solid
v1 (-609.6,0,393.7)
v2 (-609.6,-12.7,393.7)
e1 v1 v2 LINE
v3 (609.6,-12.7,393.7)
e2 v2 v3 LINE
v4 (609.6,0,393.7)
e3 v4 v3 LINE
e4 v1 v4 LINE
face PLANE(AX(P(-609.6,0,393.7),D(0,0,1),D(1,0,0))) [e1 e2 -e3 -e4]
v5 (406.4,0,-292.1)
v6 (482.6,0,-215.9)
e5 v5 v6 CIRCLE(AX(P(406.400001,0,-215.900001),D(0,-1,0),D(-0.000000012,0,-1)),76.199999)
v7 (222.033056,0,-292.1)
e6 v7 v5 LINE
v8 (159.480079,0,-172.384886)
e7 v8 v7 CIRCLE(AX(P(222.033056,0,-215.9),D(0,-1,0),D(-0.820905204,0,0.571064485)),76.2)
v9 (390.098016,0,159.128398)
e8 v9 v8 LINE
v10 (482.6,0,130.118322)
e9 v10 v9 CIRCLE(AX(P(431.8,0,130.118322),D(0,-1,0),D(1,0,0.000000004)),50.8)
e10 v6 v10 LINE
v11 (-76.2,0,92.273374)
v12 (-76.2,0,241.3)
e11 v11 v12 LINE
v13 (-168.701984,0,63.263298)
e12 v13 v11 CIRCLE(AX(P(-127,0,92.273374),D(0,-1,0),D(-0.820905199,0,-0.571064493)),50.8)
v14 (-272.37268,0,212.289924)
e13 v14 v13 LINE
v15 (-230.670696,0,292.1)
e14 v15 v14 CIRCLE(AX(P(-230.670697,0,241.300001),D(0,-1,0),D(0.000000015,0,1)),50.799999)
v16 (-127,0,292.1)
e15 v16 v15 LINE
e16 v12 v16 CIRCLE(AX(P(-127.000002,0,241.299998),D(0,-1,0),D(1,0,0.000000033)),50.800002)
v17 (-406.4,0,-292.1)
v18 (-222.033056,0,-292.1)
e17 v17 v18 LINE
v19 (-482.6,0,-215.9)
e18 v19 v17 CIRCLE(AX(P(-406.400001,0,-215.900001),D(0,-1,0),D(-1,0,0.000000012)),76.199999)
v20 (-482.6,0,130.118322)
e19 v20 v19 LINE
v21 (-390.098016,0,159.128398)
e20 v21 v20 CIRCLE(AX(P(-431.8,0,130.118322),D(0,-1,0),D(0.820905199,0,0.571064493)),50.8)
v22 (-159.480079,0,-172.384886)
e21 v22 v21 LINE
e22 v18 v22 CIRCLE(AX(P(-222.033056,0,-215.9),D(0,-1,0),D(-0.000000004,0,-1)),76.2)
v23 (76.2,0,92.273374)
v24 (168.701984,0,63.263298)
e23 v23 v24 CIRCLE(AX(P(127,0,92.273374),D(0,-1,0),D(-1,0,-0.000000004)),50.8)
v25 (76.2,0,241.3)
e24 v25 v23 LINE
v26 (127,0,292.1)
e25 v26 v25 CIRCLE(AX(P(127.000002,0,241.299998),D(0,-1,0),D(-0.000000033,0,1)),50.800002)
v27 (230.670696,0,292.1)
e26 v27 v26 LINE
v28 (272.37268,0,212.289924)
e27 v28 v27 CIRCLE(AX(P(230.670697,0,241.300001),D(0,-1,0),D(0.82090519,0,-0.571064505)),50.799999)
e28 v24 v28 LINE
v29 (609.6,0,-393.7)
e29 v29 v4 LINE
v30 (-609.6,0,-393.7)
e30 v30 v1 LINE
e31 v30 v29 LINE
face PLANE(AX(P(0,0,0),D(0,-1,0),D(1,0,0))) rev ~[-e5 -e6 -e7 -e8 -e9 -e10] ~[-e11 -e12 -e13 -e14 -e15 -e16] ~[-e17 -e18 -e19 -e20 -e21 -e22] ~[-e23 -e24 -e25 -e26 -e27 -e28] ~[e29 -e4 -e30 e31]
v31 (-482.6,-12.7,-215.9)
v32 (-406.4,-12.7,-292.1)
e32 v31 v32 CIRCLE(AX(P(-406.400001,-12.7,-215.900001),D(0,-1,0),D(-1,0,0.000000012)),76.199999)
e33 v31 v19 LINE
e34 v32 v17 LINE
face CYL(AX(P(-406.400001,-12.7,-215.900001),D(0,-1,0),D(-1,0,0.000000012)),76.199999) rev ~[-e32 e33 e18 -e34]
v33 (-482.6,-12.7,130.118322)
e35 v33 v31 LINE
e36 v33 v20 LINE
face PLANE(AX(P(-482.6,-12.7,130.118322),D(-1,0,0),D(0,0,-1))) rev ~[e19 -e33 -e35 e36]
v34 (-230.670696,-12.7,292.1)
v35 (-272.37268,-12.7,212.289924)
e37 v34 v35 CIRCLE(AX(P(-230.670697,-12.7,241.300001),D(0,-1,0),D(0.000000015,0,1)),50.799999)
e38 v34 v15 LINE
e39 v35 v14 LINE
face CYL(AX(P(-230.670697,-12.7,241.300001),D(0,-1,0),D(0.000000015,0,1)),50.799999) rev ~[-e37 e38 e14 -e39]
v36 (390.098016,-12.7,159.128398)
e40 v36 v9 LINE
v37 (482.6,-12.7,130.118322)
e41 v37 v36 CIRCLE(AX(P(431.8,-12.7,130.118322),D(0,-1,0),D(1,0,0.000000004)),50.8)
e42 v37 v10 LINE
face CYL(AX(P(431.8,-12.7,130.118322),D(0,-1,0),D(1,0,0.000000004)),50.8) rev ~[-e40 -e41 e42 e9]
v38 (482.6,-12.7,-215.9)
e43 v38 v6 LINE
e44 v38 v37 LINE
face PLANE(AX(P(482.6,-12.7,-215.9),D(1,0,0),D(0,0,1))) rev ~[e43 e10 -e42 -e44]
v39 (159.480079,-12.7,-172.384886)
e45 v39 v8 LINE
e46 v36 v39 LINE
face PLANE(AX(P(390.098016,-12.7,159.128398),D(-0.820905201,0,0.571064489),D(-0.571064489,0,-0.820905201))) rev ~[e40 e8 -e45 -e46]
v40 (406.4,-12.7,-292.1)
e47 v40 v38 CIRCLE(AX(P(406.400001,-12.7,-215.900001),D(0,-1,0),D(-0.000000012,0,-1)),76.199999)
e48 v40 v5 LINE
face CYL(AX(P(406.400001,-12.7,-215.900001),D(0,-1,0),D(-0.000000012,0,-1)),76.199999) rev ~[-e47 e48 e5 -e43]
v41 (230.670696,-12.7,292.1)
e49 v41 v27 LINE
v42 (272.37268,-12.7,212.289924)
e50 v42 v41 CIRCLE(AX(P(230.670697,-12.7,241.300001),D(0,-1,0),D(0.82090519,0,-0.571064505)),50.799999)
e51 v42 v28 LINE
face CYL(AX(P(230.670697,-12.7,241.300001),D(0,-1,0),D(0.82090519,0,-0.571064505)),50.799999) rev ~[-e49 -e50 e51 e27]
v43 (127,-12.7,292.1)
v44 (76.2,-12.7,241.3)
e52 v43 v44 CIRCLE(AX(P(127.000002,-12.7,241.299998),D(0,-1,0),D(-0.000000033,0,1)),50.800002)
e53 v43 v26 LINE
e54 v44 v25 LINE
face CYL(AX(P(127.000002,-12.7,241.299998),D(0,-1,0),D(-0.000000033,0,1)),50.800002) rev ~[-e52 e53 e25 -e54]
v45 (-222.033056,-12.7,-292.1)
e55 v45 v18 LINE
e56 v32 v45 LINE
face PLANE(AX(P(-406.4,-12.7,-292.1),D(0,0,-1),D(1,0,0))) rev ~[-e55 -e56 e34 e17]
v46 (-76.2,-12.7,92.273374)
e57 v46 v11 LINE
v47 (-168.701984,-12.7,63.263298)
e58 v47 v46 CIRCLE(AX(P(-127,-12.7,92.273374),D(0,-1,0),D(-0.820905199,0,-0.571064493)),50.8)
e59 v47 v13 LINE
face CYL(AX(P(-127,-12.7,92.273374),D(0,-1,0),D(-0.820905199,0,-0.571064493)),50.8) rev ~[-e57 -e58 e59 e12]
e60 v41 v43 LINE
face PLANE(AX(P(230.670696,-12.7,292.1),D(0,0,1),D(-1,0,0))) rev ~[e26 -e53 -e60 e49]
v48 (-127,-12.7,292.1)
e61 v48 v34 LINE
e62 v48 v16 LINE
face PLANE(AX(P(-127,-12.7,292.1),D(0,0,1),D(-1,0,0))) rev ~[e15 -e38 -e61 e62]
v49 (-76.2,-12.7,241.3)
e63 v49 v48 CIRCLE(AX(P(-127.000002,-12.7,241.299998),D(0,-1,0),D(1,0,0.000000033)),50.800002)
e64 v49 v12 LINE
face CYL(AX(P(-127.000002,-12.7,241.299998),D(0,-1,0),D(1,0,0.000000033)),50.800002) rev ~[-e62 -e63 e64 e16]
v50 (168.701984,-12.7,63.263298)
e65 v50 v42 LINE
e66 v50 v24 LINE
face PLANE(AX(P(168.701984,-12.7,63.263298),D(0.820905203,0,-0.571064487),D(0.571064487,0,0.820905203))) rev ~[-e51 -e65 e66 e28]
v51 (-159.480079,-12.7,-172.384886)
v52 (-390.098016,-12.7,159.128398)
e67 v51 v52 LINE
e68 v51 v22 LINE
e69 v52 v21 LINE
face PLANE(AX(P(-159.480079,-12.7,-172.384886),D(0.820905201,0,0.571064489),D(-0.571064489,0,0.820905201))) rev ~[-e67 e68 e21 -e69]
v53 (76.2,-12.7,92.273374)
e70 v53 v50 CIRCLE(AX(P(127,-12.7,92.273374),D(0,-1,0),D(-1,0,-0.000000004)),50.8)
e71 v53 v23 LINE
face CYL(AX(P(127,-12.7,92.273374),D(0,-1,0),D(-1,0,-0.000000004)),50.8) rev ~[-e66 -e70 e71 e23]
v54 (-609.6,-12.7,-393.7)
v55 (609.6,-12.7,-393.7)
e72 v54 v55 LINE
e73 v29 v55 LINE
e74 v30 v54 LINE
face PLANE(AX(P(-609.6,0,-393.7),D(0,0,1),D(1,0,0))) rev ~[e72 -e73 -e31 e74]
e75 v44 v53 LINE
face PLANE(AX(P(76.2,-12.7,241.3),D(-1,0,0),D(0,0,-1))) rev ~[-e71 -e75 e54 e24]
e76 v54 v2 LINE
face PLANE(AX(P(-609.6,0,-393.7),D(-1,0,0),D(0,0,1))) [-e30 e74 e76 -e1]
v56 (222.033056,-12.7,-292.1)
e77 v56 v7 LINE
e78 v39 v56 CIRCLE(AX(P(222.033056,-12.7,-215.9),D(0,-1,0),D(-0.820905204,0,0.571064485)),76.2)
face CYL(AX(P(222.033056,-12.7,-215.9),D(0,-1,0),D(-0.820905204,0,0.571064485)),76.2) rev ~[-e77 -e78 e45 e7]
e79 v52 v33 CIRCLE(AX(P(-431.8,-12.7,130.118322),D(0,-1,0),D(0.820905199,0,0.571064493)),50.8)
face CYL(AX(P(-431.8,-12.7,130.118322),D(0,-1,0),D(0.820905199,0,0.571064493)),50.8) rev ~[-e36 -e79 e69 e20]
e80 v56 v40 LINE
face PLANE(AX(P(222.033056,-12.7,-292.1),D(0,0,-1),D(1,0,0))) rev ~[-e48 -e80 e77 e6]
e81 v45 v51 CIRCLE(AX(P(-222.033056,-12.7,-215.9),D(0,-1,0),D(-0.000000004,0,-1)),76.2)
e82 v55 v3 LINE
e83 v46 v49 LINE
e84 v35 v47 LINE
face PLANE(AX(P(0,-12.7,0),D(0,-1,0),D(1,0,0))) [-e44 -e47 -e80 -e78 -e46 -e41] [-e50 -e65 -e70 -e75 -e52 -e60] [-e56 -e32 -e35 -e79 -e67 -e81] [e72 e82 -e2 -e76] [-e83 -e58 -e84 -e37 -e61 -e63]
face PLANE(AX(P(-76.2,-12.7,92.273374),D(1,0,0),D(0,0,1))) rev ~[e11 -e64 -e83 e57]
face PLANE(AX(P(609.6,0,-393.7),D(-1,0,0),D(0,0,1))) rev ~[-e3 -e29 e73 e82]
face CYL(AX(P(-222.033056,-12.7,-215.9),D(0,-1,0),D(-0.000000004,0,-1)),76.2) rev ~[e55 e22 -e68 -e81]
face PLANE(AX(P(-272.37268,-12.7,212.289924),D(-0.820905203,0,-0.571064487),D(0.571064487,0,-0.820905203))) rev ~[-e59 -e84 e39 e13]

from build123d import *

# Parameters (mm, degrees)
F0_W     = 1219.2
F0_H     = 787.4
F1_DEPTH = 12.7
F3_DEPTH = 12.701


with BuildPart() as f1:
    # F0 (on Front) → F1 (new body)
    with BuildSketch(Plane.XZ):
        Rectangle(F0_W, F0_H)
    extrude(amount=F1_DEPTH)

    # F2 (on face) → F3 (cut, through all)
    with BuildSketch(Plane.XZ.offset(12.7)):
        with BuildLine():
            ThreePointArc((-390.098016, 159.128398), (-447.001631, 178.590483), (-482.6, 130.118322))
            Line((-482.6, 130.118322), (-482.6, -215.9))
            ThreePointArc((-482.6, -215.9), (-460.281537, -269.781537), (-406.4, -292.1))
            Line((-406.4, -292.1), (-222.033056, -292.1))
            ThreePointArc((-222.033056, -292.1), (-154.4968, -251.188726), (-159.480079, -172.384886))
            Line((-159.480079, -172.384886), (-390.098016, 159.128398))
        make_face()
        with BuildLine():
            ThreePointArc((-230.670696, 292.1), (-275.694867, 264.825817), (-272.37268, 212.289924))
            Line((-272.37268, 212.289924), (-168.701984, 63.263298))
            ThreePointArc((-168.701984, 63.263298), (-111.798369, 43.801213), (-76.2, 92.273374))
            Line((-76.2, 92.273374), (-76.2, 241.3))
            ThreePointArc((-76.2, 241.3), (-91.078976, 277.221024), (-127, 292.1))
            Line((-127, 292.1), (-230.670696, 292.1))
        make_face()
        with BuildLine():
            ThreePointArc((76.2, 92.273374), (111.798369, 43.801213), (168.701984, 63.263298))
            Line((168.701984, 63.263298), (272.37268, 212.289924))
            ThreePointArc((272.37268, 212.289924), (275.694867, 264.825817), (230.670696, 292.1))
            Line((230.670696, 292.1), (127, 292.1))
            ThreePointArc((127, 292.1), (91.078976, 277.221024), (76.2, 241.3))
            Line((76.2, 241.3), (76.2, 92.273374))
        make_face()
        with BuildLine():
            ThreePointArc((482.6, 130.118322), (447.001631, 178.590483), (390.098016, 159.128398))
            Line((390.098016, 159.128398), (159.480079, -172.384886))
            ThreePointArc((159.480079, -172.384886), (154.4968, -251.188726), (222.033056, -292.1))
            Line((222.033056, -292.1), (406.4, -292.1))
            ThreePointArc((406.4, -292.1), (460.281537, -269.781537), (482.6, -215.9))
            Line((482.6, -215.9), (482.6, 130.118322))
        make_face()
    extrude(amount=-F3_DEPTH, mode=Mode.SUBTRACT)


solid = f1.part
